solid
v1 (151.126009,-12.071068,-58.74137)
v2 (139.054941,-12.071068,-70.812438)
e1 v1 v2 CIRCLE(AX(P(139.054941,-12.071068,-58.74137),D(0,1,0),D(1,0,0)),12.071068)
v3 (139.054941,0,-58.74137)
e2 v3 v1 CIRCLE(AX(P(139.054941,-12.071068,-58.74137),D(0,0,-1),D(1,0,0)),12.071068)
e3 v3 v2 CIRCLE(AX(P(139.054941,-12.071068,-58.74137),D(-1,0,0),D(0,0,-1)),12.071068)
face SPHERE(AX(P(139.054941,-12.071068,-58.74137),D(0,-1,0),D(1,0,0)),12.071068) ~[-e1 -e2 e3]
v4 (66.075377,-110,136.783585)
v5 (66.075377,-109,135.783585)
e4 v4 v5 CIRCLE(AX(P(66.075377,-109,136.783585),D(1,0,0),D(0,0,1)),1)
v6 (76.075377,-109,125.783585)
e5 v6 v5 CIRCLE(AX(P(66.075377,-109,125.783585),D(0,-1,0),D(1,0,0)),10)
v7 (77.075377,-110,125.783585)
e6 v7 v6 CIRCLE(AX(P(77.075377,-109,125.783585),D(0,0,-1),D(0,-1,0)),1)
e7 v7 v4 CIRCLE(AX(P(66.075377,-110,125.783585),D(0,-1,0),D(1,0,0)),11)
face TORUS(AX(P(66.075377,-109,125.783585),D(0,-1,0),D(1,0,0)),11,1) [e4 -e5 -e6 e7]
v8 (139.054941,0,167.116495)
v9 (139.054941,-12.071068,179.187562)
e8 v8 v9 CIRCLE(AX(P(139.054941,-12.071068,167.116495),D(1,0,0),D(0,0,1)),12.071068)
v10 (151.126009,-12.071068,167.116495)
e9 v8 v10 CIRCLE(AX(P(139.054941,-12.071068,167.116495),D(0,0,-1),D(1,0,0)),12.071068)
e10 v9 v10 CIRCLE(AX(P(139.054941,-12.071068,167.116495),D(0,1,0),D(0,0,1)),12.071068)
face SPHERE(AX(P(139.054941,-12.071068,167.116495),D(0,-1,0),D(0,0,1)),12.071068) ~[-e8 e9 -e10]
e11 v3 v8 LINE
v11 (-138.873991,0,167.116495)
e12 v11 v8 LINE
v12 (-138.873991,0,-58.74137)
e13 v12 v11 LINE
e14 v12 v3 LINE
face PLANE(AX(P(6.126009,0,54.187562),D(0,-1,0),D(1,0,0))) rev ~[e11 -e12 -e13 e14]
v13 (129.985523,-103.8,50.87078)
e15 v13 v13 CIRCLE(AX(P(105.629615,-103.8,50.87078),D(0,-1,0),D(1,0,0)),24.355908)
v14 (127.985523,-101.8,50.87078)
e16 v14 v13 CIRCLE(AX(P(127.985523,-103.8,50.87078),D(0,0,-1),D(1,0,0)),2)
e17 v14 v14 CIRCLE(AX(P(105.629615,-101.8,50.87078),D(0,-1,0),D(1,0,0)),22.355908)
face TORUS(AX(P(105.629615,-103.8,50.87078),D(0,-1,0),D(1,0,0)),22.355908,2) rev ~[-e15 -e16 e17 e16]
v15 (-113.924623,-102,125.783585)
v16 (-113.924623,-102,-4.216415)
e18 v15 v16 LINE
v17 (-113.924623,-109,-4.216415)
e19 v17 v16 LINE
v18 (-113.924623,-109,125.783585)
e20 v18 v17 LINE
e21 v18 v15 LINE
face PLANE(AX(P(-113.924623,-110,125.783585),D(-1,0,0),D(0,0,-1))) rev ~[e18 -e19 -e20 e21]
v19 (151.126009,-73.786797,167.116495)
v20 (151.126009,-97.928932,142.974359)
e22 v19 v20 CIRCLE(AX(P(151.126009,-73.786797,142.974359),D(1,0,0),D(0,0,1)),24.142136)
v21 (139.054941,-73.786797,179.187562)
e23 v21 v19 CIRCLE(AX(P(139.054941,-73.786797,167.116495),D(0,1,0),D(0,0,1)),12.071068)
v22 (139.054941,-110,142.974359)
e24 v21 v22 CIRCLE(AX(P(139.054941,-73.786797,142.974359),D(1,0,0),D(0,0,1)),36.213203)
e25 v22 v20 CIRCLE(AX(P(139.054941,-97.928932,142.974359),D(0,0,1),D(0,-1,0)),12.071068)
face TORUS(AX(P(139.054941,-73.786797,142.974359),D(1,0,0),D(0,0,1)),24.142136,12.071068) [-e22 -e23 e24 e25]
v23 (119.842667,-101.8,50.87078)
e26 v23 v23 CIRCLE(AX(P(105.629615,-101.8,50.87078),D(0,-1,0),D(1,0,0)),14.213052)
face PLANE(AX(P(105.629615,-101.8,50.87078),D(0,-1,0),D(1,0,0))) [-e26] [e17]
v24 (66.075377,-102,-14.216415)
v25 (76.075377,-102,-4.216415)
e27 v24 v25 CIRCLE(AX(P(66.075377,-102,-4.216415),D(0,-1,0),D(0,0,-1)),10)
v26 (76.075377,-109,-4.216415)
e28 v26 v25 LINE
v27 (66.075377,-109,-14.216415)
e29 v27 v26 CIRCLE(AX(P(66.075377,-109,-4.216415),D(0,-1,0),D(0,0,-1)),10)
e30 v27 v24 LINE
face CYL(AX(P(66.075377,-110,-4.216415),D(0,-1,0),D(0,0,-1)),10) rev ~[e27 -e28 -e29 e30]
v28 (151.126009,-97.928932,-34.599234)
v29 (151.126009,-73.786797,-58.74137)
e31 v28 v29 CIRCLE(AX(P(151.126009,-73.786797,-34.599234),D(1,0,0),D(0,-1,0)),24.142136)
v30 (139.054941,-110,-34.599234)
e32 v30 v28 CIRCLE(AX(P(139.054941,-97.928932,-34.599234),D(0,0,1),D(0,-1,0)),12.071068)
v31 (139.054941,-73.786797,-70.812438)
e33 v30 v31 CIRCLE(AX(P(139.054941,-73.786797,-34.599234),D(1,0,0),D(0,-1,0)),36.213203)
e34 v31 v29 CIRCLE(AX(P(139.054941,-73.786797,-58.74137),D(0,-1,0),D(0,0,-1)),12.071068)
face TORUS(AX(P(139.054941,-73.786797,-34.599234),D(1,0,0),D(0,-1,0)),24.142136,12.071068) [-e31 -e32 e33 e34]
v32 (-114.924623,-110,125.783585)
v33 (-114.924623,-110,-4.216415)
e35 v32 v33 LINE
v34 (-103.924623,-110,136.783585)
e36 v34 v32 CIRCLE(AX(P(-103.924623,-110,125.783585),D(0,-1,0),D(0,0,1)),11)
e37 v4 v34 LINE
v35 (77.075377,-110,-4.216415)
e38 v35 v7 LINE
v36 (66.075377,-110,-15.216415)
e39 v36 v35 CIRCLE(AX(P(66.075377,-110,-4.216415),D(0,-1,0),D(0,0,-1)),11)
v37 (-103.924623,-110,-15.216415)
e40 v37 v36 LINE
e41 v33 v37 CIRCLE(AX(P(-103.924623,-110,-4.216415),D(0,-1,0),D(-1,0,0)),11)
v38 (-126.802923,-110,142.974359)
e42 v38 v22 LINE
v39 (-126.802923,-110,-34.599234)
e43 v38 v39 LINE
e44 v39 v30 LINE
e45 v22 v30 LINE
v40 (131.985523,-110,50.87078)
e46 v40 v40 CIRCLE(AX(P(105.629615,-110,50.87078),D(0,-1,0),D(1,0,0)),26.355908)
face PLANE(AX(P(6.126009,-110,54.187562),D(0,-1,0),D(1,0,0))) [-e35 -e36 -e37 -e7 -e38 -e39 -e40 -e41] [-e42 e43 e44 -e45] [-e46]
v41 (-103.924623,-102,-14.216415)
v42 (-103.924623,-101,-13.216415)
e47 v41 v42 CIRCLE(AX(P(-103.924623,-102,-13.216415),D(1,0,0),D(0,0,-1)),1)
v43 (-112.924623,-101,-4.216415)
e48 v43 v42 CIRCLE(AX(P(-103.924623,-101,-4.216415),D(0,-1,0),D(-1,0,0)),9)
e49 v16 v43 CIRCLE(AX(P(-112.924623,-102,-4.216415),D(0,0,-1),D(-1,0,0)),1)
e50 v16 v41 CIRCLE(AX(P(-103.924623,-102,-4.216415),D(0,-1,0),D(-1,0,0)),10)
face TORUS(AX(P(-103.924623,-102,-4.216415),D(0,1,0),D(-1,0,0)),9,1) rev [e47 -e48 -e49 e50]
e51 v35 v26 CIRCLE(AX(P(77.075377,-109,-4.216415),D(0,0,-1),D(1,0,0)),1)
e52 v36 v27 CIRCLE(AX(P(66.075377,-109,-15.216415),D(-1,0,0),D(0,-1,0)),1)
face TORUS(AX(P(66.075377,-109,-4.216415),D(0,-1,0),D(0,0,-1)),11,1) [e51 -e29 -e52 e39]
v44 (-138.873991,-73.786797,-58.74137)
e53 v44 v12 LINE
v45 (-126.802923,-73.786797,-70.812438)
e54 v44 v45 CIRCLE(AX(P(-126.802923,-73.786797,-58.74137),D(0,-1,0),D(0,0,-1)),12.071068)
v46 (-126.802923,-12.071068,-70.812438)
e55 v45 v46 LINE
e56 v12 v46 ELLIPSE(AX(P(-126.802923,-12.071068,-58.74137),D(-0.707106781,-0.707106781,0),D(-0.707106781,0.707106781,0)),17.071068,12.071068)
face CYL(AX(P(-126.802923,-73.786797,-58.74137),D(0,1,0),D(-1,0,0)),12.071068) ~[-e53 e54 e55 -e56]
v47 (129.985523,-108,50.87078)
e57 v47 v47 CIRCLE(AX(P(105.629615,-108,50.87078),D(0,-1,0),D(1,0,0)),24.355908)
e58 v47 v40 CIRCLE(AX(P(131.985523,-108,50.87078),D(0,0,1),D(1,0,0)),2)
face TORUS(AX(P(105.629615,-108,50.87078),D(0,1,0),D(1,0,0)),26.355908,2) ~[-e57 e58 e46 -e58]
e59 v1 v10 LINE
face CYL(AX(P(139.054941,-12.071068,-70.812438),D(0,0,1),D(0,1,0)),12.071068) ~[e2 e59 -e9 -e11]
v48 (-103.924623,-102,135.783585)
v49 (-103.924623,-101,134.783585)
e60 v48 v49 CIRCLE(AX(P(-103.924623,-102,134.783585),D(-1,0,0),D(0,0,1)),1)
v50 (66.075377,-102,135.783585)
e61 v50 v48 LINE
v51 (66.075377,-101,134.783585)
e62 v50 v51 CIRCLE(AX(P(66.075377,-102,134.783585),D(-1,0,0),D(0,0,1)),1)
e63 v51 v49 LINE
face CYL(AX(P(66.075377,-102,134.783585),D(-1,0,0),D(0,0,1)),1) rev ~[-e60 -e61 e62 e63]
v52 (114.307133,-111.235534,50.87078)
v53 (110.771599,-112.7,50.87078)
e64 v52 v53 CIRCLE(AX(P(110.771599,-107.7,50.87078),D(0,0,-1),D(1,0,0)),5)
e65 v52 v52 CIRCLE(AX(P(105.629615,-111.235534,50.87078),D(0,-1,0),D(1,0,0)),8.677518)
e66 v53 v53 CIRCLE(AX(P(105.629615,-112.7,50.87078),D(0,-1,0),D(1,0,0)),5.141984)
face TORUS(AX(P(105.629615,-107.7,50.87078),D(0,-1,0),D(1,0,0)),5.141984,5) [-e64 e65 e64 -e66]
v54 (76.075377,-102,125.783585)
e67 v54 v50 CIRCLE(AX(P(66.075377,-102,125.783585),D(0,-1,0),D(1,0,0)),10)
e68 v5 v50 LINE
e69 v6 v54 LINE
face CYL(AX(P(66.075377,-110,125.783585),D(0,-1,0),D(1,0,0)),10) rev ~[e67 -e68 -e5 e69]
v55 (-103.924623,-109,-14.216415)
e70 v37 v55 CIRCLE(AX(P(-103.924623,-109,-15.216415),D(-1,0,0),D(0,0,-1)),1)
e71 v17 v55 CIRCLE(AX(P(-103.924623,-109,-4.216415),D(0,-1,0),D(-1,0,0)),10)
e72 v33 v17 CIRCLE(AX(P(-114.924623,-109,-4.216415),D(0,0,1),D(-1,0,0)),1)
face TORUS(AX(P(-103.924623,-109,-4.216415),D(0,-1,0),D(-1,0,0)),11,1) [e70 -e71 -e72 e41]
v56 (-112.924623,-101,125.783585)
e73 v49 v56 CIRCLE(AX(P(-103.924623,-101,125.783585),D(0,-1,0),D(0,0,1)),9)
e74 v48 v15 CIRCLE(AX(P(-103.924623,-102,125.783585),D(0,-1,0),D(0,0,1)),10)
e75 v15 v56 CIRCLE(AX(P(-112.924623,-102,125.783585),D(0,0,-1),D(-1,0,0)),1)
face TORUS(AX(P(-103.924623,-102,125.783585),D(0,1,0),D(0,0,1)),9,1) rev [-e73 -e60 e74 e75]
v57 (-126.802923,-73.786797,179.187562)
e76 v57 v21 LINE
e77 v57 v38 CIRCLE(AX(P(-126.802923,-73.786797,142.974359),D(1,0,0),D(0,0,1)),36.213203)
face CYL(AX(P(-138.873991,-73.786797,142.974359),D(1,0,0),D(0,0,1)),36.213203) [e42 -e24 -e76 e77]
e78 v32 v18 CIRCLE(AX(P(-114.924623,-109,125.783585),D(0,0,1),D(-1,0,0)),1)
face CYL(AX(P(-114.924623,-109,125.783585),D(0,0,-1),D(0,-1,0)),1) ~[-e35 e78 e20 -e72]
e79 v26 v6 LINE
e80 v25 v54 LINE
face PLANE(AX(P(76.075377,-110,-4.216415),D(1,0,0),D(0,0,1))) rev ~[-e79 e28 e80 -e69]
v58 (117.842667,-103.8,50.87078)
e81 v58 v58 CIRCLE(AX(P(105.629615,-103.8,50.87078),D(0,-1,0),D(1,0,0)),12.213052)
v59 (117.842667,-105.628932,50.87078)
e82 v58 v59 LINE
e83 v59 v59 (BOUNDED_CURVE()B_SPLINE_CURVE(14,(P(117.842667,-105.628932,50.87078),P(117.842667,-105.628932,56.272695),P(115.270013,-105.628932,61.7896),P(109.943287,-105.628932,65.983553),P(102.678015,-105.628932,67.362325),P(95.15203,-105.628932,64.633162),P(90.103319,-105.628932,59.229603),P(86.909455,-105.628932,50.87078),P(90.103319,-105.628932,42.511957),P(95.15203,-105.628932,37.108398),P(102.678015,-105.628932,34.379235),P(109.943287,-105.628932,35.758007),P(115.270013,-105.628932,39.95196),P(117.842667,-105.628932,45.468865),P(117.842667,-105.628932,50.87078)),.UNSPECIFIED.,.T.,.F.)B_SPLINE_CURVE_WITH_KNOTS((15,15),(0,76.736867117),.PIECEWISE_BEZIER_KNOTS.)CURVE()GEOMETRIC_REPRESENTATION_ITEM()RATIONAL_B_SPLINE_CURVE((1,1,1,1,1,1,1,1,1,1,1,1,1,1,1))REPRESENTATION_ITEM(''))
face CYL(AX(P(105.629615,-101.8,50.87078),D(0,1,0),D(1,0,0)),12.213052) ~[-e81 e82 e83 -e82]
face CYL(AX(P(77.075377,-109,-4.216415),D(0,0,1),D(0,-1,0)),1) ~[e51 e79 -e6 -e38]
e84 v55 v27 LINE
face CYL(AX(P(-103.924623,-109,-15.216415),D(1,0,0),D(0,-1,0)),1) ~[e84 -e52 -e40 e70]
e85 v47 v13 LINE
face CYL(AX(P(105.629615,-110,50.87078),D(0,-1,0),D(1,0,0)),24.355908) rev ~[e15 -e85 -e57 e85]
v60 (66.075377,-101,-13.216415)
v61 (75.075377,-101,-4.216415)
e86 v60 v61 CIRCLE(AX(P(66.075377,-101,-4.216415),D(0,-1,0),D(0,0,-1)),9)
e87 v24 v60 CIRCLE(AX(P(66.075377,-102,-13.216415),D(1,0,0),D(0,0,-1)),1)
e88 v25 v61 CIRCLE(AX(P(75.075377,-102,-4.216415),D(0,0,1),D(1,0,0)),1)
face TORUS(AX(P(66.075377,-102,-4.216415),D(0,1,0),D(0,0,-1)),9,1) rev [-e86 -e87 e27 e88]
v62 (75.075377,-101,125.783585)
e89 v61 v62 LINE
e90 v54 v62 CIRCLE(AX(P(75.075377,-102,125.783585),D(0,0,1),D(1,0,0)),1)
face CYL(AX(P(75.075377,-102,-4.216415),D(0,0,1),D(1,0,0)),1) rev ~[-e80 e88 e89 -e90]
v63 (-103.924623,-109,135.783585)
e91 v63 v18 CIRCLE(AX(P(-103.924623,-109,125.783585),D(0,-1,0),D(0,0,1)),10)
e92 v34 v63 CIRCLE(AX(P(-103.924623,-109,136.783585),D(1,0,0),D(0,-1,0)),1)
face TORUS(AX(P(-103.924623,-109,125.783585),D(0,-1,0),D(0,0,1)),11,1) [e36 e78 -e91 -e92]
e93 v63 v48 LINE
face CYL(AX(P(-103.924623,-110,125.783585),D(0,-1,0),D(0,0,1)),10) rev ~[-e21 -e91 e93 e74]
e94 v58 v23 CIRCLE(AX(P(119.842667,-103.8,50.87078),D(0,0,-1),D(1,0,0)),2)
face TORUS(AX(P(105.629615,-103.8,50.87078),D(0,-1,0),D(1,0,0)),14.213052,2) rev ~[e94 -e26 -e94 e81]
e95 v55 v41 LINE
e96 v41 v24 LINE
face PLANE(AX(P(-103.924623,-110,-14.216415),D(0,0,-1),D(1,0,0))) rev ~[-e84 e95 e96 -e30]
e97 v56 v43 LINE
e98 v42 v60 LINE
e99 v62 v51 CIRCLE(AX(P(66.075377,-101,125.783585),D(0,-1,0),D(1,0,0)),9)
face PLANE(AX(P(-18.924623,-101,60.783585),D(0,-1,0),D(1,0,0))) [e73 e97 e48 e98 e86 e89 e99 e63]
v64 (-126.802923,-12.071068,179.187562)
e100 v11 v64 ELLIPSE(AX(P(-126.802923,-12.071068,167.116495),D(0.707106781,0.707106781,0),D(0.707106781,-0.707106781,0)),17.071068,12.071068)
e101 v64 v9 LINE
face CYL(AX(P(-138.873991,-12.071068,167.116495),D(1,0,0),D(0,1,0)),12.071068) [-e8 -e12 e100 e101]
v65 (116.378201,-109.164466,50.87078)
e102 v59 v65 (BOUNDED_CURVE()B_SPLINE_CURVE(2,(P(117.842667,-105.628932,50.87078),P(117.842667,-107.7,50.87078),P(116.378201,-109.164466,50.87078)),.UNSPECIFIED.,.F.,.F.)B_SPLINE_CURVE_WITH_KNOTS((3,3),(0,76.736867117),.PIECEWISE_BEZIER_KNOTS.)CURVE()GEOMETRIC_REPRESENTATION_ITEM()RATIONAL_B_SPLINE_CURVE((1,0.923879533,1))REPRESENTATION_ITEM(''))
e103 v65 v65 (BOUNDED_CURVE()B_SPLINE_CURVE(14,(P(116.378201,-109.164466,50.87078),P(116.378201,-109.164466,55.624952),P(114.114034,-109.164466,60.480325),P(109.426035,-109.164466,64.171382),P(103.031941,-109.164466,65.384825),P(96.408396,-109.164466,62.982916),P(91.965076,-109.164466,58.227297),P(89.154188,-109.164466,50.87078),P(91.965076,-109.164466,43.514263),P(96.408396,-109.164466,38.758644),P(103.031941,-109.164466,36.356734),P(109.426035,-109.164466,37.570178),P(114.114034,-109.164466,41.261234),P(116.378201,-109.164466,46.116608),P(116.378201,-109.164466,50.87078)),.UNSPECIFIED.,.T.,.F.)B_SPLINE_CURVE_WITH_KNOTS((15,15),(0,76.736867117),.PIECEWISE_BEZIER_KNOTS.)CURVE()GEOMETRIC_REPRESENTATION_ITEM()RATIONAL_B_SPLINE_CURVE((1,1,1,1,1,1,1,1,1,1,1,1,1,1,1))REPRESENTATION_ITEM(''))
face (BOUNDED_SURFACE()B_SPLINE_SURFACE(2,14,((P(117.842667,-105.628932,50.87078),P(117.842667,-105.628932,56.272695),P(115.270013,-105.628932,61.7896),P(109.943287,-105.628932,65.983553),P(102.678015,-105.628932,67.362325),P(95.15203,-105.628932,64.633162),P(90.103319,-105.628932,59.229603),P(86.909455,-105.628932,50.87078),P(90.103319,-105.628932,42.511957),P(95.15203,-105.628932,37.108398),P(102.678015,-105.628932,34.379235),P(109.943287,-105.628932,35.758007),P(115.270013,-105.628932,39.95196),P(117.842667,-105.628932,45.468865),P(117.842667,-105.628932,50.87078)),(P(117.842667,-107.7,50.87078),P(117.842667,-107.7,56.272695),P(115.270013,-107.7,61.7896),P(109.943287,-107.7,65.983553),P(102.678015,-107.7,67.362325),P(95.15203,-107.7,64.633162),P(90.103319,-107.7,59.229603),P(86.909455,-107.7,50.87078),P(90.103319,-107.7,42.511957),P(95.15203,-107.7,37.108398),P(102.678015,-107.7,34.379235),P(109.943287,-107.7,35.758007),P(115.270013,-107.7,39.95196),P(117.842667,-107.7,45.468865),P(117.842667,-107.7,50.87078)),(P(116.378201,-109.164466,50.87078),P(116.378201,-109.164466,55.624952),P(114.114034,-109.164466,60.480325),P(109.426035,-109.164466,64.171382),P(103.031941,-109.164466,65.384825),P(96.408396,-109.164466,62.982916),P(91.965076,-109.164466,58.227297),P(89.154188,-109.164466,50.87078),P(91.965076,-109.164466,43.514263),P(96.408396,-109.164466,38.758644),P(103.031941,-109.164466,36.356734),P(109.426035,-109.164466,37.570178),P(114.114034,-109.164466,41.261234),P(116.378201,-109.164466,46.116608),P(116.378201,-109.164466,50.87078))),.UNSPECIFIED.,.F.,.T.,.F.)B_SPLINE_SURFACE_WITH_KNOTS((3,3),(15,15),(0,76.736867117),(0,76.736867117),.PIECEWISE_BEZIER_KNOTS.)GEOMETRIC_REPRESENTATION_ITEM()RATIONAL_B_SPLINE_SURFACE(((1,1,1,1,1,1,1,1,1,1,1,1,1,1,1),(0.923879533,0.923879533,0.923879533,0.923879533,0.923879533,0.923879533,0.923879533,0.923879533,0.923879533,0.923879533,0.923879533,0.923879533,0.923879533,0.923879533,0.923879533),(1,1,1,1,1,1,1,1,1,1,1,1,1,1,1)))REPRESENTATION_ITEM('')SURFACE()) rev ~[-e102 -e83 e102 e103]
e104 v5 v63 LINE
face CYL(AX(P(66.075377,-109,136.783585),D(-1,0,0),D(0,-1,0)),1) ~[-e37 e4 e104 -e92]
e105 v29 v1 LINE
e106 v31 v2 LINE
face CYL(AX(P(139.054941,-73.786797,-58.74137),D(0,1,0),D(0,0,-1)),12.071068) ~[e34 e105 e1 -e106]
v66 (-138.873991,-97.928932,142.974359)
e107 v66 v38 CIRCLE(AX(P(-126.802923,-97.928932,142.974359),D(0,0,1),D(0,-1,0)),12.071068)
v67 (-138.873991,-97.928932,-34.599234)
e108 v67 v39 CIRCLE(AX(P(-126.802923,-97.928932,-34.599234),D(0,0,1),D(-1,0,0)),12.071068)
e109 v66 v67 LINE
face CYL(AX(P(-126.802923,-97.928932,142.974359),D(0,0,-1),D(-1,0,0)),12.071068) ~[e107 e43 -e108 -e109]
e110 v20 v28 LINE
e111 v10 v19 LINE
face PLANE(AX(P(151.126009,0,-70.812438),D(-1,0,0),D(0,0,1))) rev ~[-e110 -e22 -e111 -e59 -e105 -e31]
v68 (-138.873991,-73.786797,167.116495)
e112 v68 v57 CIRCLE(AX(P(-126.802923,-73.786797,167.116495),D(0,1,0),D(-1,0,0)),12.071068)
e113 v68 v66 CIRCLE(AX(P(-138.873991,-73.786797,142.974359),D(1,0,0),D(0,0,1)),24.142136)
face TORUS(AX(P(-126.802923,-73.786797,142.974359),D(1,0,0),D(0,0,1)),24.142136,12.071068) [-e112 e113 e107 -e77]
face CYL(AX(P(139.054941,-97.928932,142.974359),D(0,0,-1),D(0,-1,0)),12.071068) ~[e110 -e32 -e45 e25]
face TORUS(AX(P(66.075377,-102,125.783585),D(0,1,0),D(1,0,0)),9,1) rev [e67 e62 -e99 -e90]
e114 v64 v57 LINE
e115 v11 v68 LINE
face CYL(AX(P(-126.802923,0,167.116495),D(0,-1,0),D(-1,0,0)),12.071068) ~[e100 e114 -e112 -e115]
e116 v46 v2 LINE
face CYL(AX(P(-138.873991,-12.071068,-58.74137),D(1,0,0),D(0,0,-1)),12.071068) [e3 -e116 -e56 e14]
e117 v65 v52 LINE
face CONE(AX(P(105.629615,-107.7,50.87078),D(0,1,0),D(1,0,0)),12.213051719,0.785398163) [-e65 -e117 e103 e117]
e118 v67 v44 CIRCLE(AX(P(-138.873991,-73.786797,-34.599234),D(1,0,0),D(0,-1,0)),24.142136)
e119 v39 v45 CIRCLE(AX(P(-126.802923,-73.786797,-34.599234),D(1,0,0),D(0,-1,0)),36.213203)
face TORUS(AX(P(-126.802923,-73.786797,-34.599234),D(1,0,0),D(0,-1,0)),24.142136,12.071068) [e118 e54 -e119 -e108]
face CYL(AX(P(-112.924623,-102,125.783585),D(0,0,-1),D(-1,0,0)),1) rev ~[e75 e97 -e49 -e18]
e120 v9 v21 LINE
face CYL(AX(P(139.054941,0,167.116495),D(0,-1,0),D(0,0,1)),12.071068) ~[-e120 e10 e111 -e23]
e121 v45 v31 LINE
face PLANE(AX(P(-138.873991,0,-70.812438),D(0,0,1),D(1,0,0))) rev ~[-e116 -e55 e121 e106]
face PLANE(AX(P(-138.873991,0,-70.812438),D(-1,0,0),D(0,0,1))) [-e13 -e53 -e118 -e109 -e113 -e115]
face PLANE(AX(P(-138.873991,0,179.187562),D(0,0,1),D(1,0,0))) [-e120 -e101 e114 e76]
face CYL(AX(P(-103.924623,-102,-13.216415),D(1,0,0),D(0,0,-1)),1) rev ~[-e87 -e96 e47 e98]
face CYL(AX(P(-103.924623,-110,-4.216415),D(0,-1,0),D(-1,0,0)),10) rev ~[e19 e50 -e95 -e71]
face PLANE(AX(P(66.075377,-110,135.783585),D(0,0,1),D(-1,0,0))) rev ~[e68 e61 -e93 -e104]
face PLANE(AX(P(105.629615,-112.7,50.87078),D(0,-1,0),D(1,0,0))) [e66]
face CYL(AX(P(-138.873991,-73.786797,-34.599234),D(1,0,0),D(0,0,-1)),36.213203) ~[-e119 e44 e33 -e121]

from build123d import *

# Parameters (mm, degrees)
F0_W      = 290
F0_H      = 250
F1_DEPTH  = 110
F2_R      = 36.2132034356
F3_R      = 12.0710678119
F4_R      = 24.3559076246
F5_DEPTH  = 8.2
F6_R      = 12.213051719
F7_DEPTH  = 10.9
F8_SIZE   = 5
F9_R      = 5
F10_R     = 2
F12_DEPTH = 9
F13_R     = 1


with BuildPart() as f1:
    # F0 (on Front) → F1 (new body)
    with BuildSketch(Plane.XZ):
        with Locations((6.1260089278, 54.1875623226)):
            Rectangle(F0_W, F0_H)
    extrude(amount=F1_DEPTH)

    # F2
    f2_edges = [f1.edges().sort_by_distance(p)[0] for p in [
        (6.126009, -110, 179.187562),
        (6.126009, -110, -70.812438),
    ]]
    fillet(f2_edges, radius=F2_R)

    # F3
    f3_edges = [f1.edges().sort_by_distance(p)[0] for p in [
        (151.126009, -36.893398, 179.187562),
        (-138.873991, -99.393398, 168.580961),
        (6.126009, 0, 179.187562),
        (151.126009, 0, 54.187562),
        (6.126009, 0, -70.812438),
    ]]
    fillet(f3_edges, radius=F3_R)

    # F4 (on face) → F5 (cut)
    with BuildSketch(Plane.XZ.offset(110)):
        with Locations((105.6296154857, 50.8707799017)):
            Circle(F4_R)
    extrude(amount=-F5_DEPTH, mode=Mode.SUBTRACT)

    # F6 (on face) → F7 (join)
    with BuildSketch(Plane.XZ.offset(101.8)):
        with Locations((105.6296154857, 50.8707799017)):
            Circle(F6_R)
    extrude(amount=F7_DEPTH)

    # F8
    f8_edges = [f1.edges().sort_by_distance(p)[0] for p in [
        (93.416564, -112.7, 50.87078),
    ]]
    chamfer(f8_edges, length=F8_SIZE)

    # F9
    f9_edges = [f1.edges().sort_by_distance(p)[0] for p in [
        (98.416564, -112.7, 50.87078),
        (93.416564, -107.7, 50.87078),
    ]]
    fillet(f9_edges, radius=F9_R)

    # F10
    f10_edges = [f1.edges().sort_by_distance(p)[0] for p in [
        (93.416564, -101.8, 50.87078),
        (81.273708, -101.8, 50.87078),
        (81.273708, -110, 50.87078),
    ]]
    fillet(f10_edges, radius=F10_R)

    # F11 (on face) → F12 (cut)
    with BuildSketch(Plane.XZ.offset(110)):
        with BuildLine():
            Line((66.0753774643, 135.7835853472), (-103.9246225357, 135.7835853472))
            ThreePointArc((-103.9246225357, 135.7835853472), (-110.9956903476, 132.8546531591), (-113.9246225357, 125.7835853472))
            Line((-113.9246225357, 125.7835853472), (-113.9246225357, -4.2164146528))
            ThreePointArc((-113.9246225357, -4.2164146528), (-110.9956903476, -11.2874824646), (-103.9246225357, -14.2164146528))
            Line((-103.9246225357, -14.2164146528), (66.0753774643, -14.2164146528))
            ThreePointArc((66.0753774643, -14.2164146528), (73.1464452762, -11.2874824646), (76.0753774643, -4.2164146528))
            Line((76.0753774643, -4.2164146528), (76.0753774643, 125.7835853472))
            ThreePointArc((76.0753774643, 125.7835853472), (73.1464452762, 132.8546531591), (66.0753774643, 135.7835853472))
        make_face()
    extrude(amount=-F12_DEPTH, mode=Mode.SUBTRACT)

    # F13
    f13_edges = [f1.edges().sort_by_distance(p)[0] for p in [
        (-110.99569, -110, -11.287482),
        (-18.924623, -101, 135.783585),
        (-110.99569, -101, 132.854653),
        (-113.924623, -101, 60.783585),
        (-110.99569, -101, -11.287482),
        (-18.924623, -101, -14.216415),
        (73.146445, -101, -11.287482),
        (76.075377, -101, 60.783585),
        (73.146445, -101, 132.854653),
    ]]
    fillet(f13_edges, radius=F13_R)


solid = f1.part
